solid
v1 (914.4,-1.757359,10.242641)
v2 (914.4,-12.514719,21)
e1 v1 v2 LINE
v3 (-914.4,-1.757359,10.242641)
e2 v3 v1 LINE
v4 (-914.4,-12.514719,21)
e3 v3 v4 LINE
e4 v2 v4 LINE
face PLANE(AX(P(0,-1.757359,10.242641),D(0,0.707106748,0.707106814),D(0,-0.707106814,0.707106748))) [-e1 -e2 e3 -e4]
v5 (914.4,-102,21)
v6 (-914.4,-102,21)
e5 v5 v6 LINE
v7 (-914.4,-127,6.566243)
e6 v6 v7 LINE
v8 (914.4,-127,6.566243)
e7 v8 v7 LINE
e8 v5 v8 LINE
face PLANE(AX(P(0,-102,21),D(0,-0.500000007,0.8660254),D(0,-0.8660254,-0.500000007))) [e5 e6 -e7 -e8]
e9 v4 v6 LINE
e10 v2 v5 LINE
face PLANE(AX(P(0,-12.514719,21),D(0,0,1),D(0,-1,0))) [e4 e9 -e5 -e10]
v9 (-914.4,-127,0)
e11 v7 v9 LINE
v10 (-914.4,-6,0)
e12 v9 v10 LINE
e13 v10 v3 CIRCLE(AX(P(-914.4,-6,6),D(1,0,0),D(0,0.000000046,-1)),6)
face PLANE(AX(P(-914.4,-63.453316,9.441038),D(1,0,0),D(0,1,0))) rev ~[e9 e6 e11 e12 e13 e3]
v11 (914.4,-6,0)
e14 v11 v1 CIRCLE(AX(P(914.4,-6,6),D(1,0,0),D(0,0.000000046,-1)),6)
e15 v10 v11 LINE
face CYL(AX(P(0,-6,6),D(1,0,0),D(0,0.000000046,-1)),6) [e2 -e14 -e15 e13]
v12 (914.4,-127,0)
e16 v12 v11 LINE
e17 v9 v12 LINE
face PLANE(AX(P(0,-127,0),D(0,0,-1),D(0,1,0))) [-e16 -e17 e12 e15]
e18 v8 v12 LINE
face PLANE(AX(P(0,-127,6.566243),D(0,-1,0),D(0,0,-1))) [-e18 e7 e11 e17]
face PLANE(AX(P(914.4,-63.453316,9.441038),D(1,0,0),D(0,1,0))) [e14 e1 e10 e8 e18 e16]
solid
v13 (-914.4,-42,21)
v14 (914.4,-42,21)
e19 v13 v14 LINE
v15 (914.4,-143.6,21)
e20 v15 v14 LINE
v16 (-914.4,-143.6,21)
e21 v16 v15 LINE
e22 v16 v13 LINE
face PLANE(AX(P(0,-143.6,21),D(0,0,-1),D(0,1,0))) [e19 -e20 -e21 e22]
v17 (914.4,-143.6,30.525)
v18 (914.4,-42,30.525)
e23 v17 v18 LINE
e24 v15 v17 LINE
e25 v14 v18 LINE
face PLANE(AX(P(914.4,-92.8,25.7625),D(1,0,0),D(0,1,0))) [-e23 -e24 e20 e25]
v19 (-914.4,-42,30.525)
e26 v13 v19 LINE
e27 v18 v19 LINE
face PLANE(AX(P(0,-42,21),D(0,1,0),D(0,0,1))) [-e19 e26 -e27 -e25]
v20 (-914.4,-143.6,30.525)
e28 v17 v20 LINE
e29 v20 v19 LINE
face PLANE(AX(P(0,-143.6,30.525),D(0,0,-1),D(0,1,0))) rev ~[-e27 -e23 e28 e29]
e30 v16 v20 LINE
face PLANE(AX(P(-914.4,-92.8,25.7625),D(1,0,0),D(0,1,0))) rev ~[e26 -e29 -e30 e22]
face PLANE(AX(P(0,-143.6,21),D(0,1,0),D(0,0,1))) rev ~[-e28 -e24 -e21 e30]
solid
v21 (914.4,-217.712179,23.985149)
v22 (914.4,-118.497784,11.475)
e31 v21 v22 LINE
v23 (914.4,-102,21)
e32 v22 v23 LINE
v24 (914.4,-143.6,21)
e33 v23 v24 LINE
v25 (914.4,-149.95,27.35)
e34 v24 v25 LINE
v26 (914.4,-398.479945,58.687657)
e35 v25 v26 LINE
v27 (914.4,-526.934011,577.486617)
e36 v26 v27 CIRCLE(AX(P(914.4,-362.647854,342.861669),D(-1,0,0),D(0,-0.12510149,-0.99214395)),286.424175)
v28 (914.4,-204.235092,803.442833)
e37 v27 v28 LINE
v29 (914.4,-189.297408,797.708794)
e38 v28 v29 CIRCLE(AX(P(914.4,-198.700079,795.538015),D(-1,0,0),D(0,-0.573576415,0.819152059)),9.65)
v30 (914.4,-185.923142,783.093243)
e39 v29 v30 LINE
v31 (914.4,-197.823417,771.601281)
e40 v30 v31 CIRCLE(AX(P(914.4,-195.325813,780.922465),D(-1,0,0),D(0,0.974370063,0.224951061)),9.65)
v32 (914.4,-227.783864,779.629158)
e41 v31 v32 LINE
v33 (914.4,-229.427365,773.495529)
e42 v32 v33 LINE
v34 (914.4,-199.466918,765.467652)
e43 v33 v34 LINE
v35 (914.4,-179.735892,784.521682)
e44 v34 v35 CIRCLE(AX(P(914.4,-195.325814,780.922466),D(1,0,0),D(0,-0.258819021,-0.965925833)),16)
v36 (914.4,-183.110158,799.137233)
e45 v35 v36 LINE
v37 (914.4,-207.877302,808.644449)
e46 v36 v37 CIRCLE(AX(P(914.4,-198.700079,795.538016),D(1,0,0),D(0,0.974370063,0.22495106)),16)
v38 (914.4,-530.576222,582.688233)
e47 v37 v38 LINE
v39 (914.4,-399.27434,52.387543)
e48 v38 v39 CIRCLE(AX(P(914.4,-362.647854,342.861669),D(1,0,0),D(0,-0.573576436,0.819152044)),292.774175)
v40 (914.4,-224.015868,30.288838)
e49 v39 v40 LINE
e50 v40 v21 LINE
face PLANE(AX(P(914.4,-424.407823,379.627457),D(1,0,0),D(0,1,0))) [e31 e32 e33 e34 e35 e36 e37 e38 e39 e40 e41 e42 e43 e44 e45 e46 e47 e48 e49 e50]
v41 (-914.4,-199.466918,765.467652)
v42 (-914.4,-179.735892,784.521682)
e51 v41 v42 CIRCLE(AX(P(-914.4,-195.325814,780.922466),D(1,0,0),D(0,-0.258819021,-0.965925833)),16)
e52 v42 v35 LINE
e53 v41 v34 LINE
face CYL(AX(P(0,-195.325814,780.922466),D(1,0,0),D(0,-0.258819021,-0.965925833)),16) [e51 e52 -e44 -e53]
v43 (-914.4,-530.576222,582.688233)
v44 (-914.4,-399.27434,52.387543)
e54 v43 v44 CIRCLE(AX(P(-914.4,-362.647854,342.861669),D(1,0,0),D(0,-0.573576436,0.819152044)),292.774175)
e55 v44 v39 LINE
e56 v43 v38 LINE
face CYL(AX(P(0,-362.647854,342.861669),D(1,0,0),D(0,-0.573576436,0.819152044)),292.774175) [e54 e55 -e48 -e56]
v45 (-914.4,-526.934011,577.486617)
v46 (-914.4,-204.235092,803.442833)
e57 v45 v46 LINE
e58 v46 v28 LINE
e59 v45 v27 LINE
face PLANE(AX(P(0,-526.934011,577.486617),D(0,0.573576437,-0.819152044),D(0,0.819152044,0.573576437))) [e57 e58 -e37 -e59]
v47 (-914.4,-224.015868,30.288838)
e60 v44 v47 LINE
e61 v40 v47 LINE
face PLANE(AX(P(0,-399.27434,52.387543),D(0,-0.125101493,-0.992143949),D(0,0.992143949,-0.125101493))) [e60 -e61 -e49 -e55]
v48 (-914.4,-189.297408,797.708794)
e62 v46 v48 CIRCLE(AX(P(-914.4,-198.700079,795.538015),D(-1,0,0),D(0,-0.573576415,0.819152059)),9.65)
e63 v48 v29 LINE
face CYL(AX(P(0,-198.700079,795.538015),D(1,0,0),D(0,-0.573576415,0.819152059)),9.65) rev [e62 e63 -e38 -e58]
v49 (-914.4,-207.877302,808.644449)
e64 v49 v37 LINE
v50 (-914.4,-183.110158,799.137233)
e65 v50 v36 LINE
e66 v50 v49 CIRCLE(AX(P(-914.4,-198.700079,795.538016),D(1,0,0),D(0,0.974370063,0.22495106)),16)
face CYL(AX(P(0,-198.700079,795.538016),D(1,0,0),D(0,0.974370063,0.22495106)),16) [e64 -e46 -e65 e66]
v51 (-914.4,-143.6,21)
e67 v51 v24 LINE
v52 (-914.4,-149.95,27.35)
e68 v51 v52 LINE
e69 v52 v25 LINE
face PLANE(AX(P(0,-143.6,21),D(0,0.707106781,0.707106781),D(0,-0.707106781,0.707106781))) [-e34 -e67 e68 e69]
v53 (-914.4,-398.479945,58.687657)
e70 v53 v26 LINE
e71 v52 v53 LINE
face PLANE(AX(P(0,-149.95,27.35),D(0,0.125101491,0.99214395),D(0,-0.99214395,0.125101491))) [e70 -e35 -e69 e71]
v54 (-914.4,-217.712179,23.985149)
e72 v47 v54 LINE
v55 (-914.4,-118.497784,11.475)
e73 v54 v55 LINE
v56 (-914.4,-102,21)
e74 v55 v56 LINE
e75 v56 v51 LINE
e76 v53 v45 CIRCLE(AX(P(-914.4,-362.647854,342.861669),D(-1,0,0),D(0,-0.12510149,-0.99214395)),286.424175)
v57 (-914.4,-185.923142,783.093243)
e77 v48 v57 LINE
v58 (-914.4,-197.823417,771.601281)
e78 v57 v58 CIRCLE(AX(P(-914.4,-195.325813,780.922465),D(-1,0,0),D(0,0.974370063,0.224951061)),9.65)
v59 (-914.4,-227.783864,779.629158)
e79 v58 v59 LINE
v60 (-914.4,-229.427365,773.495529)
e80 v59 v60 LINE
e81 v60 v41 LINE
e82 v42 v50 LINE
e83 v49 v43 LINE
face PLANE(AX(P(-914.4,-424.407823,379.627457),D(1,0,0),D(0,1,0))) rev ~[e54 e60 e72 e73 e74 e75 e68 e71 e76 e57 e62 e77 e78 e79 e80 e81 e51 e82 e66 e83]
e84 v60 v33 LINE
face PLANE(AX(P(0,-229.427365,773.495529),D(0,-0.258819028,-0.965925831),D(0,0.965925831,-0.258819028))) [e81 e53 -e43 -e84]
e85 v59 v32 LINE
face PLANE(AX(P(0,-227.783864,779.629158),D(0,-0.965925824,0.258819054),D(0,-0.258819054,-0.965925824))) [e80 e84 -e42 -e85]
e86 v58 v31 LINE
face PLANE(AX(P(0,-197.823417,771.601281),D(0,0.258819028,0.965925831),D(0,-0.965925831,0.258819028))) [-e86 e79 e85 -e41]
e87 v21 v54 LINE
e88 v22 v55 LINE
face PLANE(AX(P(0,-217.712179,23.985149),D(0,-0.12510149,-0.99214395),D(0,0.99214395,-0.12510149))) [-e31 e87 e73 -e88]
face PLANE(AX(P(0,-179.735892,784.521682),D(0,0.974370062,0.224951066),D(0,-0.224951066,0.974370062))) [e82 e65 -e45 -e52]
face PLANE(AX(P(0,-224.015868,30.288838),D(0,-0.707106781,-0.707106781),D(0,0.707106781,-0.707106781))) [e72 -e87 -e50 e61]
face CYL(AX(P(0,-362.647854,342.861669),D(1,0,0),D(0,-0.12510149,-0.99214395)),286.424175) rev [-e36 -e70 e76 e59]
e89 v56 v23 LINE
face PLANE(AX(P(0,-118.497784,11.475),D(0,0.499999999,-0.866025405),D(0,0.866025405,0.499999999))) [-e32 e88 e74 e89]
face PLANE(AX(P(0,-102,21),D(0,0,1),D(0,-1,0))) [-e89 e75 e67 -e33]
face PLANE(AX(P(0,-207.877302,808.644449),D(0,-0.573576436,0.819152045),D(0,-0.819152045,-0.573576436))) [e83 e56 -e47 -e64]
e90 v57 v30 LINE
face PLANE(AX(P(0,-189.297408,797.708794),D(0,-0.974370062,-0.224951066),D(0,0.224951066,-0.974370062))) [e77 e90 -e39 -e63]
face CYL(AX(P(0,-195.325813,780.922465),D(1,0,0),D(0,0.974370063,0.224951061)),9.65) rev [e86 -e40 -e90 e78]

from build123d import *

# Parameters (mm, degrees)
F1_DEPTH = 914.4
F2_W     = 101.6
F2_H     = 9.525
F3_DEPTH = 914.4
F5_DEPTH = 914.4


with BuildPart() as f1:
    # F0 (on Right) → F1 (new body, symmetric)
    with BuildSketch(Plane.YZ):
        with BuildLine():
            Line((-127, 6.566243), (-127, 0))
            Line((-127, 0), (-6, 0))
            ThreePointArc((-6, 0), (-0.456723, 3.703899), (-1.757359, 10.242641))
            Line((-1.757359, 10.242641), (-12.514719, 21))
            Line((-12.514719, 21), (-102, 21))
            Line((-102, 21), (-127, 6.566243))
        make_face()
    extrude(amount=F1_DEPTH, both=True)


with BuildPart() as f3:
    # F2 (on Right) → F3 (new body, symmetric)
    with BuildSketch(Plane.YZ):
        with Locations((-92.8, 25.7625)):
            Rectangle(F2_W, F2_H)
    extrude(amount=F3_DEPTH, both=True)


with BuildPart() as f5:
    # F4 (on Right) → F5 (new body, symmetric)
    with BuildSketch(Plane.YZ):
        with BuildLine():
            Line((-118.497784, 11.475), (-102, 21))
            Line((-102, 21), (-143.6, 21))
            Line((-143.6, 21), (-149.95, 27.35))
            Line((-149.95, 27.35), (-398.479945, 58.687657))
            ThreePointArc((-398.479945, 58.687657), (-640.676483, 274.022079), (-526.934011, 577.486617))
            Line((-526.934011, 577.486617), (-204.235092, 803.442833))
            ThreePointArc((-204.235092, 803.442833), (-195.241829, 804.547067), (-189.297408, 797.708794))
            Line((-189.297408, 797.708794), (-185.923142, 783.093243))
            ThreePointArc((-185.923142, 783.093243), (-188.62236, 773.980836), (-197.823417, 771.601281))
            Line((-197.823417, 771.601281), (-227.783864, 779.629158))
            Line((-227.783864, 779.629158), (-229.427365, 773.495529))
            Line((-229.427365, 773.495529), (-199.466918, 765.467652))
            ThreePointArc((-199.466918, 765.467652), (-184.21128, 769.413028), (-179.735892, 784.521682))
            Line((-179.735892, 784.521682), (-183.110158, 799.137233))
            ThreePointArc((-183.110158, 799.137233), (-192.966192, 810.475303), (-207.877302, 808.644449))
            Line((-207.877302, 808.644449), (-530.576222, 582.688233))
            ThreePointArc((-530.576222, 582.688233), (-646.840355, 272.495911), (-399.27434, 52.387543))
            Line((-399.27434, 52.387543), (-224.015868, 30.288838))
            Line((-224.015868, 30.288838), (-217.712179, 23.985149))
            Line((-217.712179, 23.985149), (-118.497784, 11.475))
        make_face()
    extrude(amount=F5_DEPTH, both=True)


solid = Compound([f1.part, f3.part, f5.part])
